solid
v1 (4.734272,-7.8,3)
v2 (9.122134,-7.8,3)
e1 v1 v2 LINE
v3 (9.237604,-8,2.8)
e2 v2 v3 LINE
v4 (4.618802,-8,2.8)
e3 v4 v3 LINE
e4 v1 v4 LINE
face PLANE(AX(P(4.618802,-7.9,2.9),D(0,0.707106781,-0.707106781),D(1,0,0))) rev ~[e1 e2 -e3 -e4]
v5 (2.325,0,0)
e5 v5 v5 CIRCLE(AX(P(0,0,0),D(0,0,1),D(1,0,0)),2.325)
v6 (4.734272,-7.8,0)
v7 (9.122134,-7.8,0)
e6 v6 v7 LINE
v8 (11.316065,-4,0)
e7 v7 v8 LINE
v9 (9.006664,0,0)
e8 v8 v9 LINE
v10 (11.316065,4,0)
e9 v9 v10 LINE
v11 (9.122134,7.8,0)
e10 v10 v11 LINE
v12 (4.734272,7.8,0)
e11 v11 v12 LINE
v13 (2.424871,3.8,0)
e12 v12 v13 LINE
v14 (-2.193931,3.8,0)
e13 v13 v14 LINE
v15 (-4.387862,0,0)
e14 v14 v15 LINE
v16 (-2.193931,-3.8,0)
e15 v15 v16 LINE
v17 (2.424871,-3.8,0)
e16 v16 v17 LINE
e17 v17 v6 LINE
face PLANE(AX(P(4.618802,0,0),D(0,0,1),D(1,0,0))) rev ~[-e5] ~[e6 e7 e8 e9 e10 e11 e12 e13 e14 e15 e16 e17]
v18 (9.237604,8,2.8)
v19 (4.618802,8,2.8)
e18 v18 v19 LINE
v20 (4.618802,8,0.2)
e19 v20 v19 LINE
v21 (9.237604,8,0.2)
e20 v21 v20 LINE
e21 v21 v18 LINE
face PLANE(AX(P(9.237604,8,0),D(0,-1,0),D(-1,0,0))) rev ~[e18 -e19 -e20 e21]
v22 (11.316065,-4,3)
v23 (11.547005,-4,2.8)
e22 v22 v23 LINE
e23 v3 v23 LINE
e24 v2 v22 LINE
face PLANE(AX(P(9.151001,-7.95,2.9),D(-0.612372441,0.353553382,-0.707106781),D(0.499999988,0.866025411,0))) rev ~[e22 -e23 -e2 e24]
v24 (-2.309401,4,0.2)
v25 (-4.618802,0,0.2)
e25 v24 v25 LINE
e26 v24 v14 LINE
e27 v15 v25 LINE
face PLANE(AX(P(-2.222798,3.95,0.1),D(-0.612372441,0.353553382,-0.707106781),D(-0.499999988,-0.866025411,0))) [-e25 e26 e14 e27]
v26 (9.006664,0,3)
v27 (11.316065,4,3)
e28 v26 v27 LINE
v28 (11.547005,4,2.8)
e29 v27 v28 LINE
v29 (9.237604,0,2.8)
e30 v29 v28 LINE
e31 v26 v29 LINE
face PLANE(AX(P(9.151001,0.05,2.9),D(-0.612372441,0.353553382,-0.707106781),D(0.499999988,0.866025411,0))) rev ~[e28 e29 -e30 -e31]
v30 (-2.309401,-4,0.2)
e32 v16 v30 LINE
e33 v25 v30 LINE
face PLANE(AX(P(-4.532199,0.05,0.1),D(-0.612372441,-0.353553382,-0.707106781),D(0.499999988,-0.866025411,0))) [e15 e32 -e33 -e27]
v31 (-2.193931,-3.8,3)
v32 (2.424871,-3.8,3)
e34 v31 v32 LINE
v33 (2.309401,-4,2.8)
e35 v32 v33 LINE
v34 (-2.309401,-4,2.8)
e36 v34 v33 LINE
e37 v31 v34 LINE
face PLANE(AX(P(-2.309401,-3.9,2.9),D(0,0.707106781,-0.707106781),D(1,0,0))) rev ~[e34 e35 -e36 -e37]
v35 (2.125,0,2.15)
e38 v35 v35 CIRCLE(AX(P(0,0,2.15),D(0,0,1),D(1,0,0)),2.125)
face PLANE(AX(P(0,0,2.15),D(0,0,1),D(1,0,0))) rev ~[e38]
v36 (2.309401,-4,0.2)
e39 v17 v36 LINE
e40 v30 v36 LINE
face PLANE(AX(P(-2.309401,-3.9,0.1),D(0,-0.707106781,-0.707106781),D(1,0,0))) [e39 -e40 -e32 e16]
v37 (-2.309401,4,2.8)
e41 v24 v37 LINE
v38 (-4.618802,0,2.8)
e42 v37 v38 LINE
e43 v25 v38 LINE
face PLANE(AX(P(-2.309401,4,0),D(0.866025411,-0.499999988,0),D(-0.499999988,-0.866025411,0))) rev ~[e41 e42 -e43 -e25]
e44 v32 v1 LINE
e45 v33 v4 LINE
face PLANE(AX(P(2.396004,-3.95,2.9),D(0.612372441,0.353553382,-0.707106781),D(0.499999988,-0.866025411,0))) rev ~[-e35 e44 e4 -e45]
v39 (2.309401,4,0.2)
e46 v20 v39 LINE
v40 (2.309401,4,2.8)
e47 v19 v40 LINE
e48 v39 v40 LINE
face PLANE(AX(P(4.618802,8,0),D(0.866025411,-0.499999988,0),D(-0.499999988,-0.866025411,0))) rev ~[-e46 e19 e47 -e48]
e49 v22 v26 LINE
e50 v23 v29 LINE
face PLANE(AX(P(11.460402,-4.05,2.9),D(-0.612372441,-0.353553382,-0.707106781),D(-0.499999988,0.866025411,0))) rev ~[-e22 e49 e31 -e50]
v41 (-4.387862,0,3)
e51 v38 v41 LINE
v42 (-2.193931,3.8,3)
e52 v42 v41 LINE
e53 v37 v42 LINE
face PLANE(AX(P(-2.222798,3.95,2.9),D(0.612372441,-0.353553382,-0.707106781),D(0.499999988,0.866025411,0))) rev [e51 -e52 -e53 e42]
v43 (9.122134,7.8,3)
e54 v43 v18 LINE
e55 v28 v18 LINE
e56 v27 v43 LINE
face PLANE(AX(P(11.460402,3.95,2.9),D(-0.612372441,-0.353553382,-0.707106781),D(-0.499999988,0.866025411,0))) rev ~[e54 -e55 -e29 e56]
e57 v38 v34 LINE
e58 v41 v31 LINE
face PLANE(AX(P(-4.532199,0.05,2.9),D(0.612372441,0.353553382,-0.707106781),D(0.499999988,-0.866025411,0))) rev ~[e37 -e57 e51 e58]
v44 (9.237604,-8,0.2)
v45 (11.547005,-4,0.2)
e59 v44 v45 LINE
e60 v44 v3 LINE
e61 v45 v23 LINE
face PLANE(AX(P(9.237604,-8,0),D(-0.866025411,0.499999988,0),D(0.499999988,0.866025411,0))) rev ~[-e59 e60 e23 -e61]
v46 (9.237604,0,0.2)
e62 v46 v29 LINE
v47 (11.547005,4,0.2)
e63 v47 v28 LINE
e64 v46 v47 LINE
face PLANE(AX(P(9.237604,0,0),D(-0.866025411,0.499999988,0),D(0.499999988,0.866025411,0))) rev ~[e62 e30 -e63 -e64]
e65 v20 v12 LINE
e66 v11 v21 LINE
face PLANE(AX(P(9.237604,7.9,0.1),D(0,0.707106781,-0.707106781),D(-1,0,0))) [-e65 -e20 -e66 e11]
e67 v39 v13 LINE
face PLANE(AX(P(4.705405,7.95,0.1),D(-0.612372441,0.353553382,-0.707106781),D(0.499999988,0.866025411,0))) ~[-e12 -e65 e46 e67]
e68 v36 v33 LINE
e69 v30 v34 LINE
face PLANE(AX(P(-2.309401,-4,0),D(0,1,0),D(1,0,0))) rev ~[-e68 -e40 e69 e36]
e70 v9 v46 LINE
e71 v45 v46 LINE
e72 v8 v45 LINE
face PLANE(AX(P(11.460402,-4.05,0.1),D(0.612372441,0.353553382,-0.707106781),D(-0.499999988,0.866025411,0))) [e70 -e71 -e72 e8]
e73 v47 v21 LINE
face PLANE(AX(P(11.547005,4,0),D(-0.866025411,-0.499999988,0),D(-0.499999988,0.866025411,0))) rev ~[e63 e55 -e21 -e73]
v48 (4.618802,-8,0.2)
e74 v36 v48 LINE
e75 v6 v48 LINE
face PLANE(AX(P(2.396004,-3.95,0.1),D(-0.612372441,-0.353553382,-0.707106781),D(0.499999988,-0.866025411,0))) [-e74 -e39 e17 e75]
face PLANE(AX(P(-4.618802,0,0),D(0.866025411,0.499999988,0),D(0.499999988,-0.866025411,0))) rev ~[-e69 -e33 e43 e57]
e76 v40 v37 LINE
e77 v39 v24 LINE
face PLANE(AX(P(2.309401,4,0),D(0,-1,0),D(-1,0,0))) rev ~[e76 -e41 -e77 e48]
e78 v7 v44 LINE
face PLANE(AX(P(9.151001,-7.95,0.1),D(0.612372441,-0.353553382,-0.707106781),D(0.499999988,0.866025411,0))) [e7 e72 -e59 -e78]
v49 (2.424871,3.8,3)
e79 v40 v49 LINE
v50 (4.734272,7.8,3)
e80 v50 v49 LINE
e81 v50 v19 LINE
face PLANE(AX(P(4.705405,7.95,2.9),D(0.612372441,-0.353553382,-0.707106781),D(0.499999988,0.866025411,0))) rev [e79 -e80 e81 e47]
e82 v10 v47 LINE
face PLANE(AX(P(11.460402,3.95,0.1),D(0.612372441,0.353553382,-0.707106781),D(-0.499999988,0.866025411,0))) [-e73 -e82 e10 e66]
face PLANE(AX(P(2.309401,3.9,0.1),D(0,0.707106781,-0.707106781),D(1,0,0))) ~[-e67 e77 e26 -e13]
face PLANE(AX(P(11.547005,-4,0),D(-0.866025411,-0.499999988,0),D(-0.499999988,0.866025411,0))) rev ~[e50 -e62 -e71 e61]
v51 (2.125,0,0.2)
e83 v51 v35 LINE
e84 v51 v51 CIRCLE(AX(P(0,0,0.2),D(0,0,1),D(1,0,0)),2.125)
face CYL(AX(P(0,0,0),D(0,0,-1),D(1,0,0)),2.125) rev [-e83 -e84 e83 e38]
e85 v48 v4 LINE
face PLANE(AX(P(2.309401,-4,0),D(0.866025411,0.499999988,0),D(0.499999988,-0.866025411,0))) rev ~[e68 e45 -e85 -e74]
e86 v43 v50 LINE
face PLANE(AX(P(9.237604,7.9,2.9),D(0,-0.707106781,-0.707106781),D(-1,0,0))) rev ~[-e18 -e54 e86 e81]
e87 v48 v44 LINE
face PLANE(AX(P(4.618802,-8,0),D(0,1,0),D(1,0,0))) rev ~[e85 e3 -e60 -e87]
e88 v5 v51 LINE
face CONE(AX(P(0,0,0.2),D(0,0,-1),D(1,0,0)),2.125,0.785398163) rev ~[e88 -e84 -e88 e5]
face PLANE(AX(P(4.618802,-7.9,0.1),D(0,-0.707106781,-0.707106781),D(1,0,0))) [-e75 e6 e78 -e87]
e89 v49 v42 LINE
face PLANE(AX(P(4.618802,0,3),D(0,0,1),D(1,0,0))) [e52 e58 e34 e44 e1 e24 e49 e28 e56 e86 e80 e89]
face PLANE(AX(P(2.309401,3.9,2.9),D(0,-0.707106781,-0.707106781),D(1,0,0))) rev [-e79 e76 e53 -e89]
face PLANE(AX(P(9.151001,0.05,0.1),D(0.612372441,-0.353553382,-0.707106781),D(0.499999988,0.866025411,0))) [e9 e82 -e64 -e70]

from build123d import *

# Parameters (mm, degrees)
PAD_DEPTH       = 3
SKETCH001_R     = 2.125
POCKET_DEPTH    = 2.15
CHAMFER_SIZE    = 0.2
CHAMFER001_SIZE = 0.2


with BuildPart() as part:
    # Sketch → Pad (new body)
    with BuildSketch(Plane.XY):
        Polygon((2.309401, 4), (-2.309401, 4), (-4.618802, 0), (-2.309401, -4), (2.309401, -4), (4.618802, -8), (9.237604, -8), (11.547005, -4), (9.237604, 0), (11.547005, 4), (9.237604, 8), (4.618802, 8), align=None)
    extrude(amount=PAD_DEPTH)

    # Sketch001 → Pocket (cut)
    with BuildSketch(Plane.XY):
        Circle(SKETCH001_R)
    extrude(amount=POCKET_DEPTH, mode=Mode.SUBTRACT)

    # Chamfer
    chamfer_edges = [part.edges().sort_by_distance(p)[0] for p in [
        (0, 4, 3),
        (-3.464102, 2, 3),
        (-3.464102, -2, 3),
        (0, -4, 3),
        (3.464102, -6, 3),
        (6.928203, -8, 3),
        (10.392305, -6, 3),
        (10.392305, -2, 3),
        (10.392305, 2, 3),
        (10.392305, 6, 3),
        (6.928203, 8, 3),
        (3.464102, 6, 3),
    ]]
    chamfer(chamfer_edges, length=CHAMFER_SIZE)

    # Chamfer001
    chamfer001_edges = [part.edges().sort_by_distance(p)[0] for p in [
        (0, 4, 0),
        (3.464102, 6, 0),
        (-3.464102, 2, 0),
        (6.928203, 8, 0),
        (-3.464102, -2, 0),
        (10.392305, 6, 0),
        (0, -4, 0),
        (10.392305, 2, 0),
        (3.464102, -6, 0),
        (10.392305, -2, 0),
        (6.928203, -8, 0),
        (10.392305, -6, 0),
        (-2.125, 0, 0),
    ]]
    chamfer(chamfer001_edges, length=CHAMFER001_SIZE)


solid = part.part
